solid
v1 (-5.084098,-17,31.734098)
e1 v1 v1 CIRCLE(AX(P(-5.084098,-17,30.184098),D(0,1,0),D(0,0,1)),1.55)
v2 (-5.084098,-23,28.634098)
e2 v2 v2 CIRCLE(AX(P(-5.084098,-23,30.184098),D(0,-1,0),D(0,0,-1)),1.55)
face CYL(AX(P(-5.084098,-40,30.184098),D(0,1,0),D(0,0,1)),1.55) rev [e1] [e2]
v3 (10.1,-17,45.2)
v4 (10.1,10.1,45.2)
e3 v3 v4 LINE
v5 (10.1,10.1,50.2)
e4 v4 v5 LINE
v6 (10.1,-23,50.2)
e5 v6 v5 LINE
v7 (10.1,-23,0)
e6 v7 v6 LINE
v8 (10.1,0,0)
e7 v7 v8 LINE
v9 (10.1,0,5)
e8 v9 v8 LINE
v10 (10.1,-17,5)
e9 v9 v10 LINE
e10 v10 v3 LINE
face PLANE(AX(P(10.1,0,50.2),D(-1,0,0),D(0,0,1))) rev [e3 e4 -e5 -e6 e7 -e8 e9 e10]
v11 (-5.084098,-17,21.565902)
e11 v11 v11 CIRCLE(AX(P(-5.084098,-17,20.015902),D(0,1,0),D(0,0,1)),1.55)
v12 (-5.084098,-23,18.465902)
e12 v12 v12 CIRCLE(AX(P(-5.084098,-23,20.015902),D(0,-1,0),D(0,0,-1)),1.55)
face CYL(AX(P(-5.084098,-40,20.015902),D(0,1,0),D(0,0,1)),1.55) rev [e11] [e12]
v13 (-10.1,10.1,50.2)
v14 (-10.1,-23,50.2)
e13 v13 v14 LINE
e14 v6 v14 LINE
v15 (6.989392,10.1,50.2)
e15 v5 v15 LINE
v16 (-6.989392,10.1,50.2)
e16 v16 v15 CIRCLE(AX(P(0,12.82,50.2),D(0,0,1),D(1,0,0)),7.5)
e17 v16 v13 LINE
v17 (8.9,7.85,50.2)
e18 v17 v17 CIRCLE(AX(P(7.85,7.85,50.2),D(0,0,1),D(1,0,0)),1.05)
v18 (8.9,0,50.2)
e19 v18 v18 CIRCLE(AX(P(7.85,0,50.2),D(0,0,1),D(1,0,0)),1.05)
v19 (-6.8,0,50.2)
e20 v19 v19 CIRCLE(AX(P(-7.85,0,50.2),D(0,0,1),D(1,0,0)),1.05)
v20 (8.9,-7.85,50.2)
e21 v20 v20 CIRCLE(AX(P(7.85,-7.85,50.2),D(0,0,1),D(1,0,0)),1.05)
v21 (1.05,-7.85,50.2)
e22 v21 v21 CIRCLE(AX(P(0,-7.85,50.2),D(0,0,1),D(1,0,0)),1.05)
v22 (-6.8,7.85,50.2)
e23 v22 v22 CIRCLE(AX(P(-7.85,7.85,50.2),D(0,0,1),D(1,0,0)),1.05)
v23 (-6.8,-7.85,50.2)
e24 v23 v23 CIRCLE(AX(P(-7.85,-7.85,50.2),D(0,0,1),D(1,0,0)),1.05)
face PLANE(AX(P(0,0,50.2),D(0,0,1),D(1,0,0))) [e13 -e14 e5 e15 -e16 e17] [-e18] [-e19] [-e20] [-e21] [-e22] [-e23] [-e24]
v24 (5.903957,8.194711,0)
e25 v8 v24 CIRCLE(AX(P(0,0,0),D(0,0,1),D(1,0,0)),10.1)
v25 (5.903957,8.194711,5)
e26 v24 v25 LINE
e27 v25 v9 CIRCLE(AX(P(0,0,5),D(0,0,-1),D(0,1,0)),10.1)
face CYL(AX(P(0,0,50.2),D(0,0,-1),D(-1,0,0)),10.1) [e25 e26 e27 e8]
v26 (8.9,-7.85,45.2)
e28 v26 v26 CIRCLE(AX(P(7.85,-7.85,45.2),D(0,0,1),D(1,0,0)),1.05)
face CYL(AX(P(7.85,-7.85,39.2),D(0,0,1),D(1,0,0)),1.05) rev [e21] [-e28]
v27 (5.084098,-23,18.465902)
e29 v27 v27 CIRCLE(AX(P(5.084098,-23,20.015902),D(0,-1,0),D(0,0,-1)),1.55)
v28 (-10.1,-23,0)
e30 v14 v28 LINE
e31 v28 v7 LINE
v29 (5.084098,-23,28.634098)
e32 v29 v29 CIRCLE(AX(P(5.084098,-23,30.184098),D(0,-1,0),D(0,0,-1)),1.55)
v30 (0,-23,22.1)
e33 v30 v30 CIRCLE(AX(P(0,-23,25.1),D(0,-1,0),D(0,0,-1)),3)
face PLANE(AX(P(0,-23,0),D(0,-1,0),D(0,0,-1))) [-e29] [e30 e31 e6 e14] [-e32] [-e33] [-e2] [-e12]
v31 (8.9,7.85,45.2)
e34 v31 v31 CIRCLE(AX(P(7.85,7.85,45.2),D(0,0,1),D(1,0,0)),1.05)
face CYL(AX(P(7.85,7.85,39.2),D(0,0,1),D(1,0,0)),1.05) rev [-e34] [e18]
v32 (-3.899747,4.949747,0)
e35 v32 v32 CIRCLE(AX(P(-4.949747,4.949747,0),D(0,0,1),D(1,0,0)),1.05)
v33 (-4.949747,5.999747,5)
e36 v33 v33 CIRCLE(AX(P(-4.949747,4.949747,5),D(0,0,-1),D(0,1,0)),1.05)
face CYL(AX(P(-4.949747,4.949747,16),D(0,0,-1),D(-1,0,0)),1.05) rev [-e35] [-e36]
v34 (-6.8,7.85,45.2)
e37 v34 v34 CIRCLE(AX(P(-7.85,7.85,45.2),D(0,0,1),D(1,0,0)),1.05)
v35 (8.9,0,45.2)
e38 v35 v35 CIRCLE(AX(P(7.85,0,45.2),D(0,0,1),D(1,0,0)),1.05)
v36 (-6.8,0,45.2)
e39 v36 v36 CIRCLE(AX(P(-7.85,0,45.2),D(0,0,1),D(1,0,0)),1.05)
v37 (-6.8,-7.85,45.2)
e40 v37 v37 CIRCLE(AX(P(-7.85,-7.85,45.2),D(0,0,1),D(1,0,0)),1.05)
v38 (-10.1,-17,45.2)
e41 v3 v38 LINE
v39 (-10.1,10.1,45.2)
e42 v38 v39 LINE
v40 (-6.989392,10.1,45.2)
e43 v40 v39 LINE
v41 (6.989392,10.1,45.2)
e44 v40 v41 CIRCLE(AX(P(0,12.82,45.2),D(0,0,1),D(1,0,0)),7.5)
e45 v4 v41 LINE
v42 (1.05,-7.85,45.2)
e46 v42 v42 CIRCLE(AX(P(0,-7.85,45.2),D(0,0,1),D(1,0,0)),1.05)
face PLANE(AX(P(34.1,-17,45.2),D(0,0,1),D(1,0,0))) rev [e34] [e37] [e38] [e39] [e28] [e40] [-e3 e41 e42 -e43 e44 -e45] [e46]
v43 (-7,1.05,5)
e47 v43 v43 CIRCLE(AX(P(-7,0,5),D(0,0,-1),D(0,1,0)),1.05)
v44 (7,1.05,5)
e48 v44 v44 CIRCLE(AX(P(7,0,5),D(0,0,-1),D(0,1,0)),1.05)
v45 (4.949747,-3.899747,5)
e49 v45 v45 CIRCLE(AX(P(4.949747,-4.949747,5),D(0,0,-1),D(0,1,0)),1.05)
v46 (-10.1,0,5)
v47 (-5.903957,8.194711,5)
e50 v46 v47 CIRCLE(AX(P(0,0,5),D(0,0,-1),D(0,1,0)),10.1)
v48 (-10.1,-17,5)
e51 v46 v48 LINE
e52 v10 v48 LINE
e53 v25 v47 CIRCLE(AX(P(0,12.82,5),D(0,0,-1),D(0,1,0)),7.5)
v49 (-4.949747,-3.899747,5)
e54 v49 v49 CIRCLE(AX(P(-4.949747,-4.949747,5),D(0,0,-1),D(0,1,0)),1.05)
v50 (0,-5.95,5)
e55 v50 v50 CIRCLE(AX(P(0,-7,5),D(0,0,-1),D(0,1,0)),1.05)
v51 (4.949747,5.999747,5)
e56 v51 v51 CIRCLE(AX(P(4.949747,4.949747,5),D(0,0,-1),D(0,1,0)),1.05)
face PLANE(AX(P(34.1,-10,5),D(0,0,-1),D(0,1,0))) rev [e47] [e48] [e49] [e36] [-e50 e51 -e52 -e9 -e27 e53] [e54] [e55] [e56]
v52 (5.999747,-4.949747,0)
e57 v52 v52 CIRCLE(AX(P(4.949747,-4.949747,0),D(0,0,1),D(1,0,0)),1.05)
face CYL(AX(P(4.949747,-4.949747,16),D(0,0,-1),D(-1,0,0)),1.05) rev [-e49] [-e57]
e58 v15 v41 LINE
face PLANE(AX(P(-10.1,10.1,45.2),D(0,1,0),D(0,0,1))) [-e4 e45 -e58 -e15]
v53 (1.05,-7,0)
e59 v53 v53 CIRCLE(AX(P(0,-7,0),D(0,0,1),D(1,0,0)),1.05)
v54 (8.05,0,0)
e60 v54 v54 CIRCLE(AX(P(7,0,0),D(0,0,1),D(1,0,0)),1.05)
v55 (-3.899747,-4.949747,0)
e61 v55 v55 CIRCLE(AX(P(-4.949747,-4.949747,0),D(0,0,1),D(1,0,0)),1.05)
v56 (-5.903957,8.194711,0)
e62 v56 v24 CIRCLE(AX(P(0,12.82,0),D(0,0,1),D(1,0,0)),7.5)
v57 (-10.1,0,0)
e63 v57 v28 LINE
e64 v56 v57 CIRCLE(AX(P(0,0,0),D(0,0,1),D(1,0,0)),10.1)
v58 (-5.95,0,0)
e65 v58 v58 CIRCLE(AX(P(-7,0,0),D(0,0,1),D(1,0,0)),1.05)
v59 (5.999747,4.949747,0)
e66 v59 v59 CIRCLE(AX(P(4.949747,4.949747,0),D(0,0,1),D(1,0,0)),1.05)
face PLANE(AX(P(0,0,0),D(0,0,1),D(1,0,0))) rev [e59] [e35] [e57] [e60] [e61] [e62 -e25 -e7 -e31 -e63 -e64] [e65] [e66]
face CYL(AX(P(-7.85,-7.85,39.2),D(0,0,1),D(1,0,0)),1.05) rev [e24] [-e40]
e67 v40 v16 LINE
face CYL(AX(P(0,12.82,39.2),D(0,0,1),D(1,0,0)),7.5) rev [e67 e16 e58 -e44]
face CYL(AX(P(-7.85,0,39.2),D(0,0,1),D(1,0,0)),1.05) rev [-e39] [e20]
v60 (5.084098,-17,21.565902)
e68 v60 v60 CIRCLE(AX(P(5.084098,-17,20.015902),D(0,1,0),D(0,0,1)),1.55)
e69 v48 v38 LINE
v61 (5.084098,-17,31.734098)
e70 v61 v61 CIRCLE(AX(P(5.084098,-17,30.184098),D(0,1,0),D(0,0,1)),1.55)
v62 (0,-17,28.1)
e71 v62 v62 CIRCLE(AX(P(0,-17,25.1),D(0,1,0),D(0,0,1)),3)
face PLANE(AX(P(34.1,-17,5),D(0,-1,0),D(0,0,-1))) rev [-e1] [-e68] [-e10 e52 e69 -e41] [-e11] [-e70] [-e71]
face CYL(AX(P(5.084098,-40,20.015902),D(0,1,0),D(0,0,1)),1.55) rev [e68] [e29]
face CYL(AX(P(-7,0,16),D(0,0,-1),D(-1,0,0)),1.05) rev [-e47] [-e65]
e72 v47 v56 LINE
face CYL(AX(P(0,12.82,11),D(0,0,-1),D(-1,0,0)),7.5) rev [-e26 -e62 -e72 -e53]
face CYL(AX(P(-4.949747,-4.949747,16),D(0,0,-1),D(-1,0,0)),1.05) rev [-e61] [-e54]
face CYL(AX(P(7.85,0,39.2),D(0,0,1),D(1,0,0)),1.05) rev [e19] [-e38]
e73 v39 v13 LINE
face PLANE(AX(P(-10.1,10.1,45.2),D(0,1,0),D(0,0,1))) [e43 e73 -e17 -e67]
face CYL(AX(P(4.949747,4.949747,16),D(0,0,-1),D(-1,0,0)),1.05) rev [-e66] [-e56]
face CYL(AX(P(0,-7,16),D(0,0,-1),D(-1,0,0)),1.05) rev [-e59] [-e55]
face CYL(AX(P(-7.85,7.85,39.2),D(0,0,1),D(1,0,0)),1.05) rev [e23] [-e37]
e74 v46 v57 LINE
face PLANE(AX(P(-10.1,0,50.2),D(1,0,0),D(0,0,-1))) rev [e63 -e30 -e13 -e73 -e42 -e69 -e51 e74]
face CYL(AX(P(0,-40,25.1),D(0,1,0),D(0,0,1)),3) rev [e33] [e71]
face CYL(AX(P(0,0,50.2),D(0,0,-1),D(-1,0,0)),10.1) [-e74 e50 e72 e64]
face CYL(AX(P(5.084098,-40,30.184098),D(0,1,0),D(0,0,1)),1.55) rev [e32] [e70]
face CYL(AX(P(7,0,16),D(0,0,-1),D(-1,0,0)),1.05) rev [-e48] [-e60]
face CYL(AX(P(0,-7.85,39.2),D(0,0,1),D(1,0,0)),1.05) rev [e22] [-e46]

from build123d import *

# Parameters (mm, degrees)
BOSS_EXTRUDE1_DEPTH = 50.2
CUT_EXTRUDE2_DEPTH  = 44.2
SKETCH3_W           = 20.2
SKETCH3_H           = 10.1
BOSS_EXTRUDE2_DEPTH = 5
SKETCH4_R           = 1.05
CUT_EXTRUDE3_DEPTH  = 11
SKETCH5_R           = 4
SKETCH5_R_2         = 7.5
CUT_EXTRUDE4_DEPTH  = 11
SKETCH6_R           = 4
BOSS_EXTRUDE3_DEPTH = 5
SKETCH7_R           = 4
SKETCH7_R_2         = 1.05
CUT_EXTRUDE5_DEPTH  = 16
SKETCH8_R           = 7.5
CUT_EXTRUDE6_DEPTH  = 11
SKETCH9_R           = 4
BOSS_EXTRUDE4_DEPTH = 5
SKETCH11_W          = 20.2
SKETCH11_H          = 50.2
BOSS_EXTRUDE5_DEPTH = 3
SKETCH12_R          = 3
SKETCH12_R_2        = 1.55
CUT_EXTRUDE8_DEPTH  = 23


with BuildPart() as part:
    # Sketch1 → Boss-Extrude1 (new body)
    with BuildSketch(Plane.XY):
        with BuildLine():
            Line((-10.1, 0), (-10.1, -20))
            Line((-10.1, -20), (10.1, -20))
            Line((10.1, -20), (10.1, 0))
            ThreePointArc((10.1, 0), (0, 10.1), (-10.1, 0))
        make_face()
    extrude(amount=BOSS_EXTRUDE1_DEPTH)

    # Sketch2 → Cut-Extrude2 (cut)
    with BuildSketch(Plane.ZY.offset(10.1)):
        Polygon((5, -10), (5, -17), (45.2, -17), (45.2, -10), (45.2, 11.866817026), (5, 11.866817026), align=None)
    extrude(amount=-CUT_EXTRUDE2_DEPTH, mode=Mode.SUBTRACT)

    # Sketch3 → Boss-Extrude2 (add)
    with BuildSketch(Plane.XY.offset(50.2)):
        with Locations((0, 5.05)):
            Rectangle(SKETCH3_W, SKETCH3_H)
    extrude(amount=-BOSS_EXTRUDE2_DEPTH)

    # Sketch4 → Cut-Extrude3 (cut, symmetric)
    with BuildSketch(Plane.XY.offset(50.2)):
        with Locations((-7.85, 7.85)):
            Circle(SKETCH4_R)
        with Locations((7.85, 7.85)):
            Circle(SKETCH4_R)
        with Locations((-7.85, -7.85)):
            Circle(SKETCH4_R)
        with Locations((7.85, -7.85)):
            Circle(SKETCH4_R)
        with Locations((0, 7.85)):
            Circle(SKETCH4_R)
        with Locations((0, -7.85)):
            Circle(SKETCH4_R)
        with Locations((-7.85, 0)):
            Circle(SKETCH4_R)
        with Locations((7.85, 0)):
            Circle(SKETCH4_R)
    extrude(amount=CUT_EXTRUDE3_DEPTH, both=True, mode=Mode.SUBTRACT)

    # Sketch5 → Cut-Extrude4 (cut, symmetric)
    with BuildSketch(Plane.XY.offset(50.2)):
        Circle(SKETCH5_R)
        with Locations((0, 12.82)):
            Circle(SKETCH5_R_2)
    extrude(amount=CUT_EXTRUDE4_DEPTH, both=True, mode=Mode.SUBTRACT)

    # Sketch6 → Boss-Extrude3 (add)
    with BuildSketch(Plane.XY.offset(50.2)):
        Circle(SKETCH6_R)
    extrude(amount=-BOSS_EXTRUDE3_DEPTH)

    # Sketch7 → Cut-Extrude5 (cut, symmetric)
    with BuildSketch(Plane(origin=(0, 0, 0), x_dir=(-1, 0, 0), z_dir=(0, 0, -1))):
        with Locations(Location((0, 0, 0), (0, 0, 90))):
            Circle(SKETCH7_R)
        with Locations(Location((0, 7, 0), (0, 0, 90))):
            Circle(SKETCH7_R_2)
        with Locations(Location((-4.949747468, 4.949747468, 0), (0, 0, 90))):
            Circle(SKETCH7_R_2)
        with Locations(Location((-7, 0, 0), (0, 0, 90))):
            Circle(SKETCH7_R_2)
        with Locations(Location((-4.949747468, -4.949747468, 0), (0, 0, 90))):
            Circle(SKETCH7_R_2)
        with Locations(Location((0, -7, 0), (0, 0, 90))):
            Circle(SKETCH7_R_2)
        with Locations(Location((4.949747468, -4.949747468, 0), (0, 0, 90))):
            Circle(SKETCH7_R_2)
        with Locations(Location((7, 0, 0), (0, 0, 90))):
            Circle(SKETCH7_R_2)
        with Locations(Location((4.949747468, 4.949747468, 0), (0, 0, 90))):
            Circle(SKETCH7_R_2)
    extrude(amount=CUT_EXTRUDE5_DEPTH, both=True, mode=Mode.SUBTRACT)

    # Sketch8 → Cut-Extrude6 (cut, symmetric)
    with BuildSketch(Plane(origin=(0, 0, 0), x_dir=(-1, 0, 0), z_dir=(0, 0, -1))):
        with Locations((0, 12.82)):
            Circle(SKETCH8_R)
    extrude(amount=CUT_EXTRUDE6_DEPTH, both=True, mode=Mode.SUBTRACT)

    # Sketch9 → Boss-Extrude4 (add)
    with BuildSketch(Plane(origin=(0, 0, 0), x_dir=(-1, 0, 0), z_dir=(0, 0, -1))):
        Circle(SKETCH9_R)
    extrude(amount=-BOSS_EXTRUDE4_DEPTH)

    # Sketch11 → Boss-Extrude5 (add)
    with BuildSketch(Plane(origin=(0, -20, 0), x_dir=(-1, 0, 0), z_dir=(0, -1, 0))):
        with Locations((0, -25.1)):
            Rectangle(SKETCH11_W, SKETCH11_H)
    extrude(amount=BOSS_EXTRUDE5_DEPTH)

    # Sketch12 → Cut-Extrude8 (cut)
    with BuildSketch(Plane(origin=(0, -17, 0), x_dir=(1, 0, 0), z_dir=(0, 1, 0))):
        with Locations(Location((0, -25.1, 0), (0, 0, 270))):
            Circle(SKETCH12_R)
        with Locations(Location((-5.084097757, -20.015902243, 0), (0, 0, 270))):
            Circle(SKETCH12_R_2)
        with Locations(Location((5.084097757, -20.015902243, 0), (0, 0, 270))):
            Circle(SKETCH12_R_2)
        with Locations(Location((5.084097757, -30.184097757, 0), (0, 0, 270))):
            Circle(SKETCH12_R_2)
        with Locations(Location((-5.084097757, -30.184097757, 0), (0, 0, 270))):
            Circle(SKETCH12_R_2)
    extrude(amount=-CUT_EXTRUDE8_DEPTH, mode=Mode.SUBTRACT)


solid = part.part
